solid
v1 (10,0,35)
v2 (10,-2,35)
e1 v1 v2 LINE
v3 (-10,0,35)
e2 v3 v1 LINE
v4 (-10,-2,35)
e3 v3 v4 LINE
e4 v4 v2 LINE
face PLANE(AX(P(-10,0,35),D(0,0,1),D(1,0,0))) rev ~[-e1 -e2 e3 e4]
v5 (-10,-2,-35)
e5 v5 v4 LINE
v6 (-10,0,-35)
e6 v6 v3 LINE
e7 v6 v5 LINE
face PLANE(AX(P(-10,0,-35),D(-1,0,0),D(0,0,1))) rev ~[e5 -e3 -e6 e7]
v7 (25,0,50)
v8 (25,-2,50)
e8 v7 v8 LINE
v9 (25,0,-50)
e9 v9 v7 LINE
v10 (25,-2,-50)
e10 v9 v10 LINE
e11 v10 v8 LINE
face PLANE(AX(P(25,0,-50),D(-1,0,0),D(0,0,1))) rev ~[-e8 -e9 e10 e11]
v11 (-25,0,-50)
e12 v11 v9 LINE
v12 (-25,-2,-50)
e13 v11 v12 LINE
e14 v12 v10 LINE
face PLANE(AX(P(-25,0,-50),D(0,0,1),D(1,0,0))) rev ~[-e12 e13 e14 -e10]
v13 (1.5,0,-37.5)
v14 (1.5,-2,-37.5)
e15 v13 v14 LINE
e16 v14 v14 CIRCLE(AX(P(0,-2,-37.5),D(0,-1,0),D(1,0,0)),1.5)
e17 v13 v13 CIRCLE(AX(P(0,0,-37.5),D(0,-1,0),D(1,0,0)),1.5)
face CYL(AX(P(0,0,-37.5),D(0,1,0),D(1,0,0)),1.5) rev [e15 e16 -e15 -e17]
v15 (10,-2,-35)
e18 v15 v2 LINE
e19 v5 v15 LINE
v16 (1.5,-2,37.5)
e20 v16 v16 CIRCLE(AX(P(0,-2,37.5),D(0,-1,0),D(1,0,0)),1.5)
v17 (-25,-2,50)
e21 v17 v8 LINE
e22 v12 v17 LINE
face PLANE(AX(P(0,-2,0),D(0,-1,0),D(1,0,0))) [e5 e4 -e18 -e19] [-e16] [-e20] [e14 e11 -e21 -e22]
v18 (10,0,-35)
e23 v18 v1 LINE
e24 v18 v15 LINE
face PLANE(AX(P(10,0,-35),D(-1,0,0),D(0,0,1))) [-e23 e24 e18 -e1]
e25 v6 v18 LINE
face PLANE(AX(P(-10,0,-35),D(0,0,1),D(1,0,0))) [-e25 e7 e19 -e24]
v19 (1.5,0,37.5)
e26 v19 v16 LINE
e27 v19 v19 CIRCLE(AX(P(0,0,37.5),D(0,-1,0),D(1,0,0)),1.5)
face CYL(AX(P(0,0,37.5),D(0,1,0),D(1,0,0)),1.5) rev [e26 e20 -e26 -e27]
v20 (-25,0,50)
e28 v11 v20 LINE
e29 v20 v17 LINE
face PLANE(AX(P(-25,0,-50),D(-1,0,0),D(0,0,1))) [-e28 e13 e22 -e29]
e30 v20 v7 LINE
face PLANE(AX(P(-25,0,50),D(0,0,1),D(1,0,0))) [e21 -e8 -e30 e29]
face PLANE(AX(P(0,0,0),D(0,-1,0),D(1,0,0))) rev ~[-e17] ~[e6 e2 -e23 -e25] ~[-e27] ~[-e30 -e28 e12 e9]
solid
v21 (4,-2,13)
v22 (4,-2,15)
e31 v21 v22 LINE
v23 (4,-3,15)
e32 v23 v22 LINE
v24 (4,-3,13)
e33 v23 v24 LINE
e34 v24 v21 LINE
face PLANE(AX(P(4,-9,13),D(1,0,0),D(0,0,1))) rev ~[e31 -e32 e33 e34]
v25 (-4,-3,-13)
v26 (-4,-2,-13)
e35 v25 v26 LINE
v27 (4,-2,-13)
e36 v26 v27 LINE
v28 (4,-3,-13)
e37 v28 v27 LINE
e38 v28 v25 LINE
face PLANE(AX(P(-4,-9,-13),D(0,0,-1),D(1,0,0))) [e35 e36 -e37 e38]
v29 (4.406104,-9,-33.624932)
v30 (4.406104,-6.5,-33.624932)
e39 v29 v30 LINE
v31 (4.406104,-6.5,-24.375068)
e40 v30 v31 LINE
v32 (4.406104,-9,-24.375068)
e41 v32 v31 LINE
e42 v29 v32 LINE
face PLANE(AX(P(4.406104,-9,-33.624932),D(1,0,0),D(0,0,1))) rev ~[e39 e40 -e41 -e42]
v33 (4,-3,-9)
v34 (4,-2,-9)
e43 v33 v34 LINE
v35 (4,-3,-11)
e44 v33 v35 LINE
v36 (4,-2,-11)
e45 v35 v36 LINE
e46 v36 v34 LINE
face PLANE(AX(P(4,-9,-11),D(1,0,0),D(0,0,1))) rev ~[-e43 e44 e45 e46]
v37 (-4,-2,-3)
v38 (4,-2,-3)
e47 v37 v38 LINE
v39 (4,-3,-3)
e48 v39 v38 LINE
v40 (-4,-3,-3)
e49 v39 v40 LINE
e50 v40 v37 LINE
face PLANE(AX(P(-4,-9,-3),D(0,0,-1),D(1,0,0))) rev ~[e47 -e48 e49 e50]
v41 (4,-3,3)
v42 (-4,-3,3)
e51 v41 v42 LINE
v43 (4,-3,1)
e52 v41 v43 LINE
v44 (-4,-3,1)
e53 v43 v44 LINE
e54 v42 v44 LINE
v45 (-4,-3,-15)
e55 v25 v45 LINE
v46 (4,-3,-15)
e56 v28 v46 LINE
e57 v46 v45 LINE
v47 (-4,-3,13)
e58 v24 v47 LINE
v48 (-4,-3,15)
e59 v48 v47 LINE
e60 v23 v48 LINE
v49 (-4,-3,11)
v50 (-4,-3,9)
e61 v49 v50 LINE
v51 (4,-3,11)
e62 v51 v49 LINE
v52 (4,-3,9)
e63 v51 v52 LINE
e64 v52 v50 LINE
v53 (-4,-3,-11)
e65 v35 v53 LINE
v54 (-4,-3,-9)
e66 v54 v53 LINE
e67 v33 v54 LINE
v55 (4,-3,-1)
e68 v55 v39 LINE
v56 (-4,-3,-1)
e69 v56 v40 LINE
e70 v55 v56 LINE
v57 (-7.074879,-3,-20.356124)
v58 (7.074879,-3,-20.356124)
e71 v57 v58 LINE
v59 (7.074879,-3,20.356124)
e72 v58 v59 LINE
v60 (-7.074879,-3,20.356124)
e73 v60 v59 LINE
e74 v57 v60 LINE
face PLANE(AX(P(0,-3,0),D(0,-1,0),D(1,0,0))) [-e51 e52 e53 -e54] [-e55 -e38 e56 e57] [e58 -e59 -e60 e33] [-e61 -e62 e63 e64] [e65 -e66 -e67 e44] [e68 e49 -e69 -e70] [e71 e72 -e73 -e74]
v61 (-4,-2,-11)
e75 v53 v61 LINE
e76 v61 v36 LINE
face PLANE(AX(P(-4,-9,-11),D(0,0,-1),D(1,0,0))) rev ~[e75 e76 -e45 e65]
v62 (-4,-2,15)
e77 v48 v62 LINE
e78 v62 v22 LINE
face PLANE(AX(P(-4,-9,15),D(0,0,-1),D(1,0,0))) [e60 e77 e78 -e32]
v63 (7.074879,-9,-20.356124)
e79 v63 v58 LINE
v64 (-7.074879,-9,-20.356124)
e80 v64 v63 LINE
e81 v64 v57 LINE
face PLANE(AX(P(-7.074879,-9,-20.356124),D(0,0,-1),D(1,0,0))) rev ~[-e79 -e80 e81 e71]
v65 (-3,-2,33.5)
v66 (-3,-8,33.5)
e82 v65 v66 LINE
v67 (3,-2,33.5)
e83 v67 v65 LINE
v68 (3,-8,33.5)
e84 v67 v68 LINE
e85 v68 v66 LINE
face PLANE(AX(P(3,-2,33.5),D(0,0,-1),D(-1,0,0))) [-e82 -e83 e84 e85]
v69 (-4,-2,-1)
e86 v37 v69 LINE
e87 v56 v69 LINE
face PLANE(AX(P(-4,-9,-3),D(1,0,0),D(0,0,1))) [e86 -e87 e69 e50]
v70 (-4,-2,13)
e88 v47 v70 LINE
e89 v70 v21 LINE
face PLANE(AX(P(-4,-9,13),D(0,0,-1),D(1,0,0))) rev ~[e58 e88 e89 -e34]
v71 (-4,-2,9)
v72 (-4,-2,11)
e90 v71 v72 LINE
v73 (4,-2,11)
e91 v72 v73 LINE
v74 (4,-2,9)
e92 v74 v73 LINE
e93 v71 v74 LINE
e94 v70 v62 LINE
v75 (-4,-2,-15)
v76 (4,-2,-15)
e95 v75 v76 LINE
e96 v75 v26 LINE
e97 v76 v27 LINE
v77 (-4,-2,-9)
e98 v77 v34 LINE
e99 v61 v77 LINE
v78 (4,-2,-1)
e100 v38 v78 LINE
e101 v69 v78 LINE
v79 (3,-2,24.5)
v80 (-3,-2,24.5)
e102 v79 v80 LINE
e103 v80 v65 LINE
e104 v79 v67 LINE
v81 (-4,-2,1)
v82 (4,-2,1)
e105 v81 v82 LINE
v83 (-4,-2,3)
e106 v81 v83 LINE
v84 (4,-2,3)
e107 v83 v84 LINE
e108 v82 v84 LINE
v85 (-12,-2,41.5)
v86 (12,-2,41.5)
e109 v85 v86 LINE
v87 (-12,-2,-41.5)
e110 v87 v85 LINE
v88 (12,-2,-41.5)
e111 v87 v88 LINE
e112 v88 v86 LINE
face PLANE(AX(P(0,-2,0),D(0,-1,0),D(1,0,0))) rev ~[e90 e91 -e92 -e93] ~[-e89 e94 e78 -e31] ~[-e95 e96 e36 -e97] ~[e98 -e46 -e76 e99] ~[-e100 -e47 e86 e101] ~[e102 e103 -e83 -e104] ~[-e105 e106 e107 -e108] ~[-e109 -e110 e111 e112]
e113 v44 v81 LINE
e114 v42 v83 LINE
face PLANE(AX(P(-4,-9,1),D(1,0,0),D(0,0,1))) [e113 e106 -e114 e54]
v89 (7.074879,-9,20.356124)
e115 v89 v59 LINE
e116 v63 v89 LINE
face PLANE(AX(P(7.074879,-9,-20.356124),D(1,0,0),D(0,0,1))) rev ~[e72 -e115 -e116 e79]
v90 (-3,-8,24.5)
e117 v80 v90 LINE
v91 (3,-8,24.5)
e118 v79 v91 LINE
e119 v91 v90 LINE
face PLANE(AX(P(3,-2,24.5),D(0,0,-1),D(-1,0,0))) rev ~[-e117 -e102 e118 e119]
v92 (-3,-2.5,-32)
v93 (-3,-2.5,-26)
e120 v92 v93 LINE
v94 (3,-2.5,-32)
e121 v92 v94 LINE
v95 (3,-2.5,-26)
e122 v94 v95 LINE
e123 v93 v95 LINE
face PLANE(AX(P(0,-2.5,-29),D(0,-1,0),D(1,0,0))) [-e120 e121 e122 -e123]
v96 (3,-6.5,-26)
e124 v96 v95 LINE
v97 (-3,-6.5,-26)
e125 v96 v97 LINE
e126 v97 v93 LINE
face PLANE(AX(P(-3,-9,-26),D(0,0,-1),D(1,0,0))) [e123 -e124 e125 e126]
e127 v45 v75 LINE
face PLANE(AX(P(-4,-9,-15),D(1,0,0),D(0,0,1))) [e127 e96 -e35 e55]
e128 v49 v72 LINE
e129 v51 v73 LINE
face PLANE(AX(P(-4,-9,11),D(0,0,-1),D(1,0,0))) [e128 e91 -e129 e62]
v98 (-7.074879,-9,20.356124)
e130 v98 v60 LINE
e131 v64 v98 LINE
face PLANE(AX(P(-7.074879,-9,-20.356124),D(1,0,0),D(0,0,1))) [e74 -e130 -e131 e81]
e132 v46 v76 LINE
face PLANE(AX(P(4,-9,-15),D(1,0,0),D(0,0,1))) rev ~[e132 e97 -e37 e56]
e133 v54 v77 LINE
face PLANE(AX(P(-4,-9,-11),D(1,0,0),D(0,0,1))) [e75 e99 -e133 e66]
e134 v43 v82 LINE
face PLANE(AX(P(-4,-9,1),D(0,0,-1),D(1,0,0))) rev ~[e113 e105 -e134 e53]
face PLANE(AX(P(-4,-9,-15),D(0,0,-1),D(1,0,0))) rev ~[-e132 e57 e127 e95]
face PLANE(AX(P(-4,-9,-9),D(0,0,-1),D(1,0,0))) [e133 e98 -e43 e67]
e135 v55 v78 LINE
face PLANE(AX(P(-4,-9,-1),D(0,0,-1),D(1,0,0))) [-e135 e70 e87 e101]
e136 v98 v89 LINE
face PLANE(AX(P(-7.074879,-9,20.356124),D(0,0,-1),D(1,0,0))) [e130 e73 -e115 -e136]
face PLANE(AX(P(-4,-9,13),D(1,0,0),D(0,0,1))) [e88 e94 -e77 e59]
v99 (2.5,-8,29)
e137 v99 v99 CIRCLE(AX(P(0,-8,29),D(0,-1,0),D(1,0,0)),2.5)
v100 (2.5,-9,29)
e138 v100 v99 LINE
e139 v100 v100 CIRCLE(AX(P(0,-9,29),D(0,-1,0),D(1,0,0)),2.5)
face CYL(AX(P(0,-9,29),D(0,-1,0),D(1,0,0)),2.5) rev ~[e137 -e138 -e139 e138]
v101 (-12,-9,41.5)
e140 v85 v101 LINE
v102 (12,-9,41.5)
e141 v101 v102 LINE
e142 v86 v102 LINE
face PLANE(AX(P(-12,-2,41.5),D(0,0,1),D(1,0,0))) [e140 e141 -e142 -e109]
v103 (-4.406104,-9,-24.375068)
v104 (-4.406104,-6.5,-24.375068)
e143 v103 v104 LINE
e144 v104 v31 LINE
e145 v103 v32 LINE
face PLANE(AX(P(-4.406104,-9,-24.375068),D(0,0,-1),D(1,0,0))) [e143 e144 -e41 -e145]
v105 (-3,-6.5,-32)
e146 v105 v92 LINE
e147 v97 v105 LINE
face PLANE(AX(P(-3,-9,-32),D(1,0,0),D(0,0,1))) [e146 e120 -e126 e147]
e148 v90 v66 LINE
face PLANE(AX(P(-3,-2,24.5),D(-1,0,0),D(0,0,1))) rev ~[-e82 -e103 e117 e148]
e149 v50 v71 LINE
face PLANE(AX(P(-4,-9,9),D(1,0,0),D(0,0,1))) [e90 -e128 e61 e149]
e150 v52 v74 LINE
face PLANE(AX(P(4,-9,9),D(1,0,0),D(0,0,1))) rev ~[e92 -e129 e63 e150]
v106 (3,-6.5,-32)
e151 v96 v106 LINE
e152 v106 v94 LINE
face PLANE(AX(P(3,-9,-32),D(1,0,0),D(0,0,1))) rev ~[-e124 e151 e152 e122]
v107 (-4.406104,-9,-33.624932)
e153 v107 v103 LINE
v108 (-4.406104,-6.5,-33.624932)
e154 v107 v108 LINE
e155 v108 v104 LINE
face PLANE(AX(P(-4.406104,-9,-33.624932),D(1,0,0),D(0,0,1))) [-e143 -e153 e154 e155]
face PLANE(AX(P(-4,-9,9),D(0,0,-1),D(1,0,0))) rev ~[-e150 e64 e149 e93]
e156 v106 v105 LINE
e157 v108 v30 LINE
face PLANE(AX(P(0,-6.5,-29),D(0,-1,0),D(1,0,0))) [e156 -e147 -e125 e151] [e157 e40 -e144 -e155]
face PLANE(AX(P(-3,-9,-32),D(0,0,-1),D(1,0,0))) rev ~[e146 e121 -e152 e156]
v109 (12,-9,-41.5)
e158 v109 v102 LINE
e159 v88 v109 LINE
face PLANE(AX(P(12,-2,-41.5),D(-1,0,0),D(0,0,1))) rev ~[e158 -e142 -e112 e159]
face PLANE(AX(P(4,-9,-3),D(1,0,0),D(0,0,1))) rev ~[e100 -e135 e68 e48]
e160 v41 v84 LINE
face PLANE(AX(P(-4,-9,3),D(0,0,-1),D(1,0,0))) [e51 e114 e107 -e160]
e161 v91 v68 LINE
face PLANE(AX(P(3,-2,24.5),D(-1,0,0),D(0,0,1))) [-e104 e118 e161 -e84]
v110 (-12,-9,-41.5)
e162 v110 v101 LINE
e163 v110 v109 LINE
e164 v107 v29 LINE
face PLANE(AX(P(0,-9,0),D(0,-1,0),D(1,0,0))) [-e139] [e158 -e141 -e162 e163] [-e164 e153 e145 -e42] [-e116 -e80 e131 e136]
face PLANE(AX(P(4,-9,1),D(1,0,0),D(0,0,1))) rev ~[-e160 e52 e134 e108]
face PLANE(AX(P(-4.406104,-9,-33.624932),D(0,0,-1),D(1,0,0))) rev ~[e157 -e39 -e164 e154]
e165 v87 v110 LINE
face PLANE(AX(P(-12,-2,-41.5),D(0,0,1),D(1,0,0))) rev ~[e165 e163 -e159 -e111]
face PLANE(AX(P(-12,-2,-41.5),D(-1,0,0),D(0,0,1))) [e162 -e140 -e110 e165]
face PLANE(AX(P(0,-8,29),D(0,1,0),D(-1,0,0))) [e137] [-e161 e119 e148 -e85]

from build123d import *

# Parameters (mm, degrees)
F0_W      = 50
F0_H      = 100
F0_R      = 1.5
F0_W_2    = 20
F0_H_2    = 70
F1_DEPTH  = 2
F3_W      = 24
F3_H      = 83
F4_DEPTH  = 7
F5_R      = 2.5
F6_DEPTH  = 5
F7_W      = 6
F7_H      = 9
F8_DEPTH  = 6
F9_W      = 8
F9_H      = 2
F10_DEPTH = 10
F11_W     = 14.149758
F11_H     = 40.712248
F12_DEPTH = 6
F13_W     = 6
F13_H     = 6
F14_DEPTH = 6.5
F15_W     = 8.812208
F15_H     = 9.249864
F16_DEPTH = 2.5


with BuildPart() as f1:
    # F0 (on Front) → F1 (new body)
    with BuildSketch(Plane.XZ):
        Rectangle(F0_W, F0_H)
        with Locations((0, -37.5)):
            Circle(F0_R, mode=Mode.SUBTRACT)
        Rectangle(F0_W_2, F0_H_2, mode=Mode.SUBTRACT)
        with Locations((0, 37.5)):
            Circle(F0_R, mode=Mode.SUBTRACT)
    extrude(amount=F1_DEPTH)


with BuildPart() as f4:
    # F3 (on offset) → F4 (new body)
    with BuildSketch(Plane.XZ.offset(2)):
        Rectangle(F3_W, F3_H)
    extrude(amount=F4_DEPTH)

    # F5 (on face) → F6 (cut)
    with BuildSketch(Plane.XZ.offset(9)):
        with Locations((0, 29)):
            Circle(F5_R)
    extrude(amount=-F6_DEPTH, mode=Mode.SUBTRACT)

    # F7 (on face) → F8 (cut)
    with BuildSketch(Plane(origin=(0, -2, 0), x_dir=(-1, 0, 0), z_dir=(0, 1, 0))):
        with Locations((0, 29)):
            Rectangle(F7_W, F7_H)
    extrude(amount=-F8_DEPTH, mode=Mode.SUBTRACT)

    # F9 (on face) → F10 (cut)
    with BuildSketch(Plane.XZ.offset(9)):
        with Locations((0, 14)):
            Rectangle(F9_W, F9_H)
        with Locations((0, 10)):
            Rectangle(F9_W, F9_H)
        with Locations((0, 2)):
            Rectangle(F9_W, F9_H)
        with Locations((0, -2)):
            Rectangle(F9_W, F9_H)
        with Locations((0, -10)):
            Rectangle(F9_W, F9_H)
        with Locations((0, -14)):
            Rectangle(F9_W, F9_H)
    extrude(amount=-F10_DEPTH, mode=Mode.SUBTRACT)

    # F11 (on face) → F12 (cut)
    with BuildSketch(Plane.XZ.offset(9)):
        Rectangle(F11_W, F11_H)
    extrude(amount=-F12_DEPTH, mode=Mode.SUBTRACT)

    # F13 (on face) → F14 (cut)
    with BuildSketch(Plane.XZ.offset(9)):
        with Locations((0, -29)):
            Rectangle(F13_W, F13_H)
    extrude(amount=-F14_DEPTH, mode=Mode.SUBTRACT)

    # F15 (on face) → F16 (cut)
    with BuildSketch(Plane.XZ.offset(9)):
        with Locations((0, -29)):
            Rectangle(F15_W, F15_H)
    extrude(amount=-F16_DEPTH, mode=Mode.SUBTRACT)


solid = Compound([f1.part, f4.part])
